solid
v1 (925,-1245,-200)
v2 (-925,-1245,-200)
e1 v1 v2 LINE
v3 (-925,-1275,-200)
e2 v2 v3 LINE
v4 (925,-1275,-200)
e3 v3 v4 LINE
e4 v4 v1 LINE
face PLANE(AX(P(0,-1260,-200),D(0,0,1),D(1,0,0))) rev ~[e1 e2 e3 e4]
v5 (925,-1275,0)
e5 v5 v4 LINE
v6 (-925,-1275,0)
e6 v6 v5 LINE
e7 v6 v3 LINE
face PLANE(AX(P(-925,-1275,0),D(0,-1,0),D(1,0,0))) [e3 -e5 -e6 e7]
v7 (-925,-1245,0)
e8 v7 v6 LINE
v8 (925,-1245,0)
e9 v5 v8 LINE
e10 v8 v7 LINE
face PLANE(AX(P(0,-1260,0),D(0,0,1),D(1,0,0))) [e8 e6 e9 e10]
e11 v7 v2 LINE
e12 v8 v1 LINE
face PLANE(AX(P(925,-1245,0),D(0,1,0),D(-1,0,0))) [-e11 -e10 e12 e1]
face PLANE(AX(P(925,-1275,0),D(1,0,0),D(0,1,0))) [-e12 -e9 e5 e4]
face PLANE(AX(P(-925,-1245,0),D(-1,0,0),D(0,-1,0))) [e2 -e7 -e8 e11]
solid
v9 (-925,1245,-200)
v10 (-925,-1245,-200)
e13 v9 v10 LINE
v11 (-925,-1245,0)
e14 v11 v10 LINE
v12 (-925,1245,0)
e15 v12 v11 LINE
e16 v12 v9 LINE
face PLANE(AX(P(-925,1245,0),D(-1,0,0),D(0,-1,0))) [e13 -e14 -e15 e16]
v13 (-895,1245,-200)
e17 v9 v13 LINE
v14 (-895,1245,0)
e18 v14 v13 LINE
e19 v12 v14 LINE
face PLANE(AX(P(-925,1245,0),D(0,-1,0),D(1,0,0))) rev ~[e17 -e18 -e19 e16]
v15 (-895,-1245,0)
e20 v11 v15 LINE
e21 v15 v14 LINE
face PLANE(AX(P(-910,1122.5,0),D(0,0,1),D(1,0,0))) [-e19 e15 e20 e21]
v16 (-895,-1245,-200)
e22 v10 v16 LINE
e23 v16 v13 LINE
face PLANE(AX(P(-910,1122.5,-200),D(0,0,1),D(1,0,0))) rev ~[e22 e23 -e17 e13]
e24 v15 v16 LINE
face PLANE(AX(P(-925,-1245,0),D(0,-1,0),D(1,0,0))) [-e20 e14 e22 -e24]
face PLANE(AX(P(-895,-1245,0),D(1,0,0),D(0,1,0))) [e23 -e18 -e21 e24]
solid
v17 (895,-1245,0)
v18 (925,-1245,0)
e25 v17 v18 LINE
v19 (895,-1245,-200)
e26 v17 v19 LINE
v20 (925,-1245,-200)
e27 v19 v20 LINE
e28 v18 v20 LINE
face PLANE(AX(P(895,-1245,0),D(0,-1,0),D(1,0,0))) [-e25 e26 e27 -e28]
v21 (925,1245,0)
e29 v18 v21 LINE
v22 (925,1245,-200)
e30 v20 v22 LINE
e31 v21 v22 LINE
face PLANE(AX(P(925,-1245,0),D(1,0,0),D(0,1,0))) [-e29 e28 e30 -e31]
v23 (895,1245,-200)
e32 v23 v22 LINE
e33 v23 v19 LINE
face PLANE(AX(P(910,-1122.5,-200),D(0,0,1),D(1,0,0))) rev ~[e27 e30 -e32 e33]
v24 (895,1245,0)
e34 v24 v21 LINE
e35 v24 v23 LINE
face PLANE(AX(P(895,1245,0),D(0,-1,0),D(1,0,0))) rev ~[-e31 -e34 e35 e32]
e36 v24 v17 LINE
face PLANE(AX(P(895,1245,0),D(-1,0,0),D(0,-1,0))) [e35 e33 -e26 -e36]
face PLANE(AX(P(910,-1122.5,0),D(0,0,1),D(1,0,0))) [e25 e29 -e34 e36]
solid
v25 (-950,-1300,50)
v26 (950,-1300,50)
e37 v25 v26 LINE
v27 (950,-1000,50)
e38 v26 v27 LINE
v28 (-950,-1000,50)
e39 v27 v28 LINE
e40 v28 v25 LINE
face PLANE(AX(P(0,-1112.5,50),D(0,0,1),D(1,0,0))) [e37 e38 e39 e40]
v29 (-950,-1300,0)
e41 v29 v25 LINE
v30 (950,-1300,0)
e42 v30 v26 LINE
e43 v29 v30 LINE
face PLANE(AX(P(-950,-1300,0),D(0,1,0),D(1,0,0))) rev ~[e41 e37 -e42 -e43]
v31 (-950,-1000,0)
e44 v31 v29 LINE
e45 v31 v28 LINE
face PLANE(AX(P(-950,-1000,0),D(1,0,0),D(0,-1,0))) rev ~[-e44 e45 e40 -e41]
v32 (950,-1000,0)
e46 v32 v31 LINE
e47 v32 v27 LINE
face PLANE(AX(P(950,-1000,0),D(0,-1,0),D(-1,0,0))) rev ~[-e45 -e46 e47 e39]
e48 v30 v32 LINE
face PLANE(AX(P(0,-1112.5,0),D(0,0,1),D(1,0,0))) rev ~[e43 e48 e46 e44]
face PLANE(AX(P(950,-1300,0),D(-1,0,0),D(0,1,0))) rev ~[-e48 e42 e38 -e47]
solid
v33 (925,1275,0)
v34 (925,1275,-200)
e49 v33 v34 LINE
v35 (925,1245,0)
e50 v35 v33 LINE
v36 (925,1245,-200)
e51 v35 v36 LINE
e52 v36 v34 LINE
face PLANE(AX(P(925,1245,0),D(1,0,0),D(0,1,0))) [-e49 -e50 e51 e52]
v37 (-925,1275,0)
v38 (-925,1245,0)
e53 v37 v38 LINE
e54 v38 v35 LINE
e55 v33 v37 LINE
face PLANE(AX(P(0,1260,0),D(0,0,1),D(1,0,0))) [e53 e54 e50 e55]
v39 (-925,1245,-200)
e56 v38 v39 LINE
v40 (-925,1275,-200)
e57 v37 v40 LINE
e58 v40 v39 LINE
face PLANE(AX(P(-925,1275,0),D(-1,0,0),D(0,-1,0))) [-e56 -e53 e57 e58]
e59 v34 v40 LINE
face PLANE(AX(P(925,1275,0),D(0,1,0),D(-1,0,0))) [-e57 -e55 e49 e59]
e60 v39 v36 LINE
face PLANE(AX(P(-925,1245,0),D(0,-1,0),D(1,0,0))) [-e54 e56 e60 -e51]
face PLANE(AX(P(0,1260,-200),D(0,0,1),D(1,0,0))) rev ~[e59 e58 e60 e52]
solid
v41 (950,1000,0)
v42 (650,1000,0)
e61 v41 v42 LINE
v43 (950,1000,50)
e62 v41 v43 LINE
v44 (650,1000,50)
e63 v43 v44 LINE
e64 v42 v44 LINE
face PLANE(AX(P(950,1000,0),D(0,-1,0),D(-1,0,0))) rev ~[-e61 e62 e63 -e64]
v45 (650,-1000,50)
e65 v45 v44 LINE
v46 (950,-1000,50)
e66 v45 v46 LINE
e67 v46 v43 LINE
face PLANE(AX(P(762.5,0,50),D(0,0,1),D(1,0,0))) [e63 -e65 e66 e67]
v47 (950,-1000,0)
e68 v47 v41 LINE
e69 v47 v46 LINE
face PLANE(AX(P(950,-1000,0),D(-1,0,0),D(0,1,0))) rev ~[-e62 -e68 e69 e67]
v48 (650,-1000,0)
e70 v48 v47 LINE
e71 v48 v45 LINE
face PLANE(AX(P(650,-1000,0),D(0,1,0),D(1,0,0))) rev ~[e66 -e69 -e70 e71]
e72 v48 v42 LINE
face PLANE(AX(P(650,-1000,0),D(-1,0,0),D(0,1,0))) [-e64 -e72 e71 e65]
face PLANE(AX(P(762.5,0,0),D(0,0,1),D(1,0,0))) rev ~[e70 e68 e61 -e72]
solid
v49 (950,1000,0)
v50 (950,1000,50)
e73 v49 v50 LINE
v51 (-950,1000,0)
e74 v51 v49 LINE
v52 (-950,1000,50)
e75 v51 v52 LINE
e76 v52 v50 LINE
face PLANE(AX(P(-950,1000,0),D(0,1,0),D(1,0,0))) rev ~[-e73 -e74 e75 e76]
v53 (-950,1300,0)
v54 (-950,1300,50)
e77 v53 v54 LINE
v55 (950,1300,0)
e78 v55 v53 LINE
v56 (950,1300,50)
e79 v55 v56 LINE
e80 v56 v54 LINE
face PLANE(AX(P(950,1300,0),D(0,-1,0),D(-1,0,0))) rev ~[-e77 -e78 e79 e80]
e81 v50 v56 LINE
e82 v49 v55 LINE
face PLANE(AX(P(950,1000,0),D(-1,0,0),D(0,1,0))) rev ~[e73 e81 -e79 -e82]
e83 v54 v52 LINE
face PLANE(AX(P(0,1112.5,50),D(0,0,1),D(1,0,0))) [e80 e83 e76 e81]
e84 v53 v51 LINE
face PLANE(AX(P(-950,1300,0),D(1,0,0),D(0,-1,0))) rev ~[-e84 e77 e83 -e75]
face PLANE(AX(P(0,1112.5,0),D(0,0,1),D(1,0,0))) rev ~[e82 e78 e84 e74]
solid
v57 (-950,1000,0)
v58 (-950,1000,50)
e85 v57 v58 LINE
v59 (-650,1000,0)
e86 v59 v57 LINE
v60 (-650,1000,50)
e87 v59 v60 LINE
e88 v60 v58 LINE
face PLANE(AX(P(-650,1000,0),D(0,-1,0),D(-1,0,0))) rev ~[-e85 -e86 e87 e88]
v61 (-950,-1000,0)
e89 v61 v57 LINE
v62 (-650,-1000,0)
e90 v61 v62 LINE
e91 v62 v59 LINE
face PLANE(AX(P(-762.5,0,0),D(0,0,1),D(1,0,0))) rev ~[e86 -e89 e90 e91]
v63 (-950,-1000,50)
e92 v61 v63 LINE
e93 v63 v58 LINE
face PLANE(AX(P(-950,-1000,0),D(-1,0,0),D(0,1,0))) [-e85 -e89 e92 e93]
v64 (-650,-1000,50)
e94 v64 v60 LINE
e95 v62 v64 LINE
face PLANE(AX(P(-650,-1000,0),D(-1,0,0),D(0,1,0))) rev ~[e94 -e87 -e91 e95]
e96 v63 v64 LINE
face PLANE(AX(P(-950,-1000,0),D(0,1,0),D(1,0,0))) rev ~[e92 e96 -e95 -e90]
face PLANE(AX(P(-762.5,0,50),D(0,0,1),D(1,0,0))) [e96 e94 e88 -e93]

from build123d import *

# Parameters (mm, degrees)
F0_W     = 225
F0_H     = 2000
F0_W_2   = 30
F0_W_3   = 25
F0_W_4   = 20
F1_DEPTH = 50
F0_H_2   = 245
F2_DEPTH = 50
F3_DEPTH = 200
F4_DEPTH = 200


with BuildPart() as f1:
    # F0 (on Top) → F1 (new body)
    with BuildSketch(Plane.XY):
        with Locations((-762.5, 0)):
            Rectangle(F0_W, F0_H)
        with Locations((-910, 0)):
            Rectangle(F0_W_2, F0_H)
        with Locations((-937.5, 0)):
            Rectangle(F0_W_3, F0_H)
        with Locations((-885, 0)):
            Rectangle(F0_W_4, F0_H)
    extrude(amount=F1_DEPTH)


with BuildPart() as f1b:
    # F0 (on Top) → F1, piece 2 (new body)
    with BuildSketch(Plane.XY):
        with Locations((762.5, 0)):
            Rectangle(F0_W, F0_H)
        with Locations((910, 0)):
            Rectangle(F0_W_2, F0_H)
        with Locations((937.5, 0)):
            Rectangle(F0_W_3, F0_H)
        with Locations((885, 0)):
            Rectangle(F0_W_4, F0_H)
    extrude(amount=F1_DEPTH)


with BuildPart() as f2:
    # F0 (on Top) → F2 (new body)
    with BuildSketch(Plane.XY):
        Polygon((-875, 1225), (-875, 1000), (-650, 1000), (650, 1000), (875, 1000), (875, 1225), align=None)
        with Locations((-910, 1122.5)):
            Rectangle(F0_W_2, F0_H_2)
        Polygon((-925, 1275), (-925, 1245), (-895, 1245), (895, 1245), (925, 1245), (925, 1275), align=None)
        Polygon((-950, 1300), (-950, 1000), (-925, 1000), (-925, 1245), (-925, 1275), (925, 1275), (925, 1245), (925, 1000), (950, 1000), (950, 1300), align=None)
        with Locations((910, 1122.5)):
            Rectangle(F0_W_2, F0_H_2)
        Polygon((-895, 1245), (-895, 1000), (-875, 1000), (-875, 1225), (875, 1225), (875, 1000), (895, 1000), (895, 1245), align=None)
    extrude(amount=F2_DEPTH)


with BuildPart() as f2b:
    # F0 (on Top) → F2, piece 2 (new body)
    with BuildSketch(Plane.XY):
        Polygon((-650, -1000), (-875, -1000), (-875, -1225), (875, -1225), (875, -1000), (650, -1000), align=None)
        with Locations((-910, -1122.5)):
            Rectangle(F0_W_2, F0_H_2)
        Polygon((-950, -1000), (-950, -1300), (950, -1300), (950, -1000), (925, -1000), (925, -1245), (925, -1275), (-925, -1275), (-925, -1245), (-925, -1000), align=None)
        Polygon((-895, -1245), (-925, -1245), (-925, -1275), (925, -1275), (925, -1245), (895, -1245), align=None)
        with Locations((910, -1122.5)):
            Rectangle(F0_W_2, F0_H_2)
        Polygon((-875, -1000), (-895, -1000), (-895, -1245), (895, -1245), (895, -1000), (875, -1000), (875, -1225), (-875, -1225), align=None)
    extrude(amount=F2_DEPTH)


with BuildPart() as f3:
    # F0 (on Top) → F3 (new body)
    with BuildSketch(Plane.XY):
        with Locations((-910, 1122.5)):
            Rectangle(F0_W_2, F0_H_2)
        with Locations((-910, 0)):
            Rectangle(F0_W_2, F0_H)
        with Locations((-910, -1122.5)):
            Rectangle(F0_W_2, F0_H_2)
    extrude(amount=-F3_DEPTH)


with BuildPart() as f3b:
    # F0 (on Top) → F3, piece 2 (new body)
    with BuildSketch(Plane.XY):
        with Locations((910, -1122.5)):
            Rectangle(F0_W_2, F0_H_2)
        with Locations((910, 0)):
            Rectangle(F0_W_2, F0_H)
        with Locations((910, 1122.5)):
            Rectangle(F0_W_2, F0_H_2)
    extrude(amount=-F3_DEPTH)


with BuildPart() as f4:
    # F0 (on Top) → F4 (new body)
    with BuildSketch(Plane.XY):
        Polygon((-925, 1275), (-925, 1245), (-895, 1245), (895, 1245), (925, 1245), (925, 1275), align=None)
    extrude(amount=-F4_DEPTH)


with BuildPart() as f4b:
    # F0 (on Top) → F4, piece 2 (new body)
    with BuildSketch(Plane.XY):
        Polygon((-895, -1245), (-925, -1245), (-925, -1275), (925, -1275), (925, -1245), (895, -1245), align=None)
    extrude(amount=-F4_DEPTH)


solid = Compound([f1.part, f1b.part, f2.part, f2b.part, f3.part, f3b.part, f4.part, f4b.part])
